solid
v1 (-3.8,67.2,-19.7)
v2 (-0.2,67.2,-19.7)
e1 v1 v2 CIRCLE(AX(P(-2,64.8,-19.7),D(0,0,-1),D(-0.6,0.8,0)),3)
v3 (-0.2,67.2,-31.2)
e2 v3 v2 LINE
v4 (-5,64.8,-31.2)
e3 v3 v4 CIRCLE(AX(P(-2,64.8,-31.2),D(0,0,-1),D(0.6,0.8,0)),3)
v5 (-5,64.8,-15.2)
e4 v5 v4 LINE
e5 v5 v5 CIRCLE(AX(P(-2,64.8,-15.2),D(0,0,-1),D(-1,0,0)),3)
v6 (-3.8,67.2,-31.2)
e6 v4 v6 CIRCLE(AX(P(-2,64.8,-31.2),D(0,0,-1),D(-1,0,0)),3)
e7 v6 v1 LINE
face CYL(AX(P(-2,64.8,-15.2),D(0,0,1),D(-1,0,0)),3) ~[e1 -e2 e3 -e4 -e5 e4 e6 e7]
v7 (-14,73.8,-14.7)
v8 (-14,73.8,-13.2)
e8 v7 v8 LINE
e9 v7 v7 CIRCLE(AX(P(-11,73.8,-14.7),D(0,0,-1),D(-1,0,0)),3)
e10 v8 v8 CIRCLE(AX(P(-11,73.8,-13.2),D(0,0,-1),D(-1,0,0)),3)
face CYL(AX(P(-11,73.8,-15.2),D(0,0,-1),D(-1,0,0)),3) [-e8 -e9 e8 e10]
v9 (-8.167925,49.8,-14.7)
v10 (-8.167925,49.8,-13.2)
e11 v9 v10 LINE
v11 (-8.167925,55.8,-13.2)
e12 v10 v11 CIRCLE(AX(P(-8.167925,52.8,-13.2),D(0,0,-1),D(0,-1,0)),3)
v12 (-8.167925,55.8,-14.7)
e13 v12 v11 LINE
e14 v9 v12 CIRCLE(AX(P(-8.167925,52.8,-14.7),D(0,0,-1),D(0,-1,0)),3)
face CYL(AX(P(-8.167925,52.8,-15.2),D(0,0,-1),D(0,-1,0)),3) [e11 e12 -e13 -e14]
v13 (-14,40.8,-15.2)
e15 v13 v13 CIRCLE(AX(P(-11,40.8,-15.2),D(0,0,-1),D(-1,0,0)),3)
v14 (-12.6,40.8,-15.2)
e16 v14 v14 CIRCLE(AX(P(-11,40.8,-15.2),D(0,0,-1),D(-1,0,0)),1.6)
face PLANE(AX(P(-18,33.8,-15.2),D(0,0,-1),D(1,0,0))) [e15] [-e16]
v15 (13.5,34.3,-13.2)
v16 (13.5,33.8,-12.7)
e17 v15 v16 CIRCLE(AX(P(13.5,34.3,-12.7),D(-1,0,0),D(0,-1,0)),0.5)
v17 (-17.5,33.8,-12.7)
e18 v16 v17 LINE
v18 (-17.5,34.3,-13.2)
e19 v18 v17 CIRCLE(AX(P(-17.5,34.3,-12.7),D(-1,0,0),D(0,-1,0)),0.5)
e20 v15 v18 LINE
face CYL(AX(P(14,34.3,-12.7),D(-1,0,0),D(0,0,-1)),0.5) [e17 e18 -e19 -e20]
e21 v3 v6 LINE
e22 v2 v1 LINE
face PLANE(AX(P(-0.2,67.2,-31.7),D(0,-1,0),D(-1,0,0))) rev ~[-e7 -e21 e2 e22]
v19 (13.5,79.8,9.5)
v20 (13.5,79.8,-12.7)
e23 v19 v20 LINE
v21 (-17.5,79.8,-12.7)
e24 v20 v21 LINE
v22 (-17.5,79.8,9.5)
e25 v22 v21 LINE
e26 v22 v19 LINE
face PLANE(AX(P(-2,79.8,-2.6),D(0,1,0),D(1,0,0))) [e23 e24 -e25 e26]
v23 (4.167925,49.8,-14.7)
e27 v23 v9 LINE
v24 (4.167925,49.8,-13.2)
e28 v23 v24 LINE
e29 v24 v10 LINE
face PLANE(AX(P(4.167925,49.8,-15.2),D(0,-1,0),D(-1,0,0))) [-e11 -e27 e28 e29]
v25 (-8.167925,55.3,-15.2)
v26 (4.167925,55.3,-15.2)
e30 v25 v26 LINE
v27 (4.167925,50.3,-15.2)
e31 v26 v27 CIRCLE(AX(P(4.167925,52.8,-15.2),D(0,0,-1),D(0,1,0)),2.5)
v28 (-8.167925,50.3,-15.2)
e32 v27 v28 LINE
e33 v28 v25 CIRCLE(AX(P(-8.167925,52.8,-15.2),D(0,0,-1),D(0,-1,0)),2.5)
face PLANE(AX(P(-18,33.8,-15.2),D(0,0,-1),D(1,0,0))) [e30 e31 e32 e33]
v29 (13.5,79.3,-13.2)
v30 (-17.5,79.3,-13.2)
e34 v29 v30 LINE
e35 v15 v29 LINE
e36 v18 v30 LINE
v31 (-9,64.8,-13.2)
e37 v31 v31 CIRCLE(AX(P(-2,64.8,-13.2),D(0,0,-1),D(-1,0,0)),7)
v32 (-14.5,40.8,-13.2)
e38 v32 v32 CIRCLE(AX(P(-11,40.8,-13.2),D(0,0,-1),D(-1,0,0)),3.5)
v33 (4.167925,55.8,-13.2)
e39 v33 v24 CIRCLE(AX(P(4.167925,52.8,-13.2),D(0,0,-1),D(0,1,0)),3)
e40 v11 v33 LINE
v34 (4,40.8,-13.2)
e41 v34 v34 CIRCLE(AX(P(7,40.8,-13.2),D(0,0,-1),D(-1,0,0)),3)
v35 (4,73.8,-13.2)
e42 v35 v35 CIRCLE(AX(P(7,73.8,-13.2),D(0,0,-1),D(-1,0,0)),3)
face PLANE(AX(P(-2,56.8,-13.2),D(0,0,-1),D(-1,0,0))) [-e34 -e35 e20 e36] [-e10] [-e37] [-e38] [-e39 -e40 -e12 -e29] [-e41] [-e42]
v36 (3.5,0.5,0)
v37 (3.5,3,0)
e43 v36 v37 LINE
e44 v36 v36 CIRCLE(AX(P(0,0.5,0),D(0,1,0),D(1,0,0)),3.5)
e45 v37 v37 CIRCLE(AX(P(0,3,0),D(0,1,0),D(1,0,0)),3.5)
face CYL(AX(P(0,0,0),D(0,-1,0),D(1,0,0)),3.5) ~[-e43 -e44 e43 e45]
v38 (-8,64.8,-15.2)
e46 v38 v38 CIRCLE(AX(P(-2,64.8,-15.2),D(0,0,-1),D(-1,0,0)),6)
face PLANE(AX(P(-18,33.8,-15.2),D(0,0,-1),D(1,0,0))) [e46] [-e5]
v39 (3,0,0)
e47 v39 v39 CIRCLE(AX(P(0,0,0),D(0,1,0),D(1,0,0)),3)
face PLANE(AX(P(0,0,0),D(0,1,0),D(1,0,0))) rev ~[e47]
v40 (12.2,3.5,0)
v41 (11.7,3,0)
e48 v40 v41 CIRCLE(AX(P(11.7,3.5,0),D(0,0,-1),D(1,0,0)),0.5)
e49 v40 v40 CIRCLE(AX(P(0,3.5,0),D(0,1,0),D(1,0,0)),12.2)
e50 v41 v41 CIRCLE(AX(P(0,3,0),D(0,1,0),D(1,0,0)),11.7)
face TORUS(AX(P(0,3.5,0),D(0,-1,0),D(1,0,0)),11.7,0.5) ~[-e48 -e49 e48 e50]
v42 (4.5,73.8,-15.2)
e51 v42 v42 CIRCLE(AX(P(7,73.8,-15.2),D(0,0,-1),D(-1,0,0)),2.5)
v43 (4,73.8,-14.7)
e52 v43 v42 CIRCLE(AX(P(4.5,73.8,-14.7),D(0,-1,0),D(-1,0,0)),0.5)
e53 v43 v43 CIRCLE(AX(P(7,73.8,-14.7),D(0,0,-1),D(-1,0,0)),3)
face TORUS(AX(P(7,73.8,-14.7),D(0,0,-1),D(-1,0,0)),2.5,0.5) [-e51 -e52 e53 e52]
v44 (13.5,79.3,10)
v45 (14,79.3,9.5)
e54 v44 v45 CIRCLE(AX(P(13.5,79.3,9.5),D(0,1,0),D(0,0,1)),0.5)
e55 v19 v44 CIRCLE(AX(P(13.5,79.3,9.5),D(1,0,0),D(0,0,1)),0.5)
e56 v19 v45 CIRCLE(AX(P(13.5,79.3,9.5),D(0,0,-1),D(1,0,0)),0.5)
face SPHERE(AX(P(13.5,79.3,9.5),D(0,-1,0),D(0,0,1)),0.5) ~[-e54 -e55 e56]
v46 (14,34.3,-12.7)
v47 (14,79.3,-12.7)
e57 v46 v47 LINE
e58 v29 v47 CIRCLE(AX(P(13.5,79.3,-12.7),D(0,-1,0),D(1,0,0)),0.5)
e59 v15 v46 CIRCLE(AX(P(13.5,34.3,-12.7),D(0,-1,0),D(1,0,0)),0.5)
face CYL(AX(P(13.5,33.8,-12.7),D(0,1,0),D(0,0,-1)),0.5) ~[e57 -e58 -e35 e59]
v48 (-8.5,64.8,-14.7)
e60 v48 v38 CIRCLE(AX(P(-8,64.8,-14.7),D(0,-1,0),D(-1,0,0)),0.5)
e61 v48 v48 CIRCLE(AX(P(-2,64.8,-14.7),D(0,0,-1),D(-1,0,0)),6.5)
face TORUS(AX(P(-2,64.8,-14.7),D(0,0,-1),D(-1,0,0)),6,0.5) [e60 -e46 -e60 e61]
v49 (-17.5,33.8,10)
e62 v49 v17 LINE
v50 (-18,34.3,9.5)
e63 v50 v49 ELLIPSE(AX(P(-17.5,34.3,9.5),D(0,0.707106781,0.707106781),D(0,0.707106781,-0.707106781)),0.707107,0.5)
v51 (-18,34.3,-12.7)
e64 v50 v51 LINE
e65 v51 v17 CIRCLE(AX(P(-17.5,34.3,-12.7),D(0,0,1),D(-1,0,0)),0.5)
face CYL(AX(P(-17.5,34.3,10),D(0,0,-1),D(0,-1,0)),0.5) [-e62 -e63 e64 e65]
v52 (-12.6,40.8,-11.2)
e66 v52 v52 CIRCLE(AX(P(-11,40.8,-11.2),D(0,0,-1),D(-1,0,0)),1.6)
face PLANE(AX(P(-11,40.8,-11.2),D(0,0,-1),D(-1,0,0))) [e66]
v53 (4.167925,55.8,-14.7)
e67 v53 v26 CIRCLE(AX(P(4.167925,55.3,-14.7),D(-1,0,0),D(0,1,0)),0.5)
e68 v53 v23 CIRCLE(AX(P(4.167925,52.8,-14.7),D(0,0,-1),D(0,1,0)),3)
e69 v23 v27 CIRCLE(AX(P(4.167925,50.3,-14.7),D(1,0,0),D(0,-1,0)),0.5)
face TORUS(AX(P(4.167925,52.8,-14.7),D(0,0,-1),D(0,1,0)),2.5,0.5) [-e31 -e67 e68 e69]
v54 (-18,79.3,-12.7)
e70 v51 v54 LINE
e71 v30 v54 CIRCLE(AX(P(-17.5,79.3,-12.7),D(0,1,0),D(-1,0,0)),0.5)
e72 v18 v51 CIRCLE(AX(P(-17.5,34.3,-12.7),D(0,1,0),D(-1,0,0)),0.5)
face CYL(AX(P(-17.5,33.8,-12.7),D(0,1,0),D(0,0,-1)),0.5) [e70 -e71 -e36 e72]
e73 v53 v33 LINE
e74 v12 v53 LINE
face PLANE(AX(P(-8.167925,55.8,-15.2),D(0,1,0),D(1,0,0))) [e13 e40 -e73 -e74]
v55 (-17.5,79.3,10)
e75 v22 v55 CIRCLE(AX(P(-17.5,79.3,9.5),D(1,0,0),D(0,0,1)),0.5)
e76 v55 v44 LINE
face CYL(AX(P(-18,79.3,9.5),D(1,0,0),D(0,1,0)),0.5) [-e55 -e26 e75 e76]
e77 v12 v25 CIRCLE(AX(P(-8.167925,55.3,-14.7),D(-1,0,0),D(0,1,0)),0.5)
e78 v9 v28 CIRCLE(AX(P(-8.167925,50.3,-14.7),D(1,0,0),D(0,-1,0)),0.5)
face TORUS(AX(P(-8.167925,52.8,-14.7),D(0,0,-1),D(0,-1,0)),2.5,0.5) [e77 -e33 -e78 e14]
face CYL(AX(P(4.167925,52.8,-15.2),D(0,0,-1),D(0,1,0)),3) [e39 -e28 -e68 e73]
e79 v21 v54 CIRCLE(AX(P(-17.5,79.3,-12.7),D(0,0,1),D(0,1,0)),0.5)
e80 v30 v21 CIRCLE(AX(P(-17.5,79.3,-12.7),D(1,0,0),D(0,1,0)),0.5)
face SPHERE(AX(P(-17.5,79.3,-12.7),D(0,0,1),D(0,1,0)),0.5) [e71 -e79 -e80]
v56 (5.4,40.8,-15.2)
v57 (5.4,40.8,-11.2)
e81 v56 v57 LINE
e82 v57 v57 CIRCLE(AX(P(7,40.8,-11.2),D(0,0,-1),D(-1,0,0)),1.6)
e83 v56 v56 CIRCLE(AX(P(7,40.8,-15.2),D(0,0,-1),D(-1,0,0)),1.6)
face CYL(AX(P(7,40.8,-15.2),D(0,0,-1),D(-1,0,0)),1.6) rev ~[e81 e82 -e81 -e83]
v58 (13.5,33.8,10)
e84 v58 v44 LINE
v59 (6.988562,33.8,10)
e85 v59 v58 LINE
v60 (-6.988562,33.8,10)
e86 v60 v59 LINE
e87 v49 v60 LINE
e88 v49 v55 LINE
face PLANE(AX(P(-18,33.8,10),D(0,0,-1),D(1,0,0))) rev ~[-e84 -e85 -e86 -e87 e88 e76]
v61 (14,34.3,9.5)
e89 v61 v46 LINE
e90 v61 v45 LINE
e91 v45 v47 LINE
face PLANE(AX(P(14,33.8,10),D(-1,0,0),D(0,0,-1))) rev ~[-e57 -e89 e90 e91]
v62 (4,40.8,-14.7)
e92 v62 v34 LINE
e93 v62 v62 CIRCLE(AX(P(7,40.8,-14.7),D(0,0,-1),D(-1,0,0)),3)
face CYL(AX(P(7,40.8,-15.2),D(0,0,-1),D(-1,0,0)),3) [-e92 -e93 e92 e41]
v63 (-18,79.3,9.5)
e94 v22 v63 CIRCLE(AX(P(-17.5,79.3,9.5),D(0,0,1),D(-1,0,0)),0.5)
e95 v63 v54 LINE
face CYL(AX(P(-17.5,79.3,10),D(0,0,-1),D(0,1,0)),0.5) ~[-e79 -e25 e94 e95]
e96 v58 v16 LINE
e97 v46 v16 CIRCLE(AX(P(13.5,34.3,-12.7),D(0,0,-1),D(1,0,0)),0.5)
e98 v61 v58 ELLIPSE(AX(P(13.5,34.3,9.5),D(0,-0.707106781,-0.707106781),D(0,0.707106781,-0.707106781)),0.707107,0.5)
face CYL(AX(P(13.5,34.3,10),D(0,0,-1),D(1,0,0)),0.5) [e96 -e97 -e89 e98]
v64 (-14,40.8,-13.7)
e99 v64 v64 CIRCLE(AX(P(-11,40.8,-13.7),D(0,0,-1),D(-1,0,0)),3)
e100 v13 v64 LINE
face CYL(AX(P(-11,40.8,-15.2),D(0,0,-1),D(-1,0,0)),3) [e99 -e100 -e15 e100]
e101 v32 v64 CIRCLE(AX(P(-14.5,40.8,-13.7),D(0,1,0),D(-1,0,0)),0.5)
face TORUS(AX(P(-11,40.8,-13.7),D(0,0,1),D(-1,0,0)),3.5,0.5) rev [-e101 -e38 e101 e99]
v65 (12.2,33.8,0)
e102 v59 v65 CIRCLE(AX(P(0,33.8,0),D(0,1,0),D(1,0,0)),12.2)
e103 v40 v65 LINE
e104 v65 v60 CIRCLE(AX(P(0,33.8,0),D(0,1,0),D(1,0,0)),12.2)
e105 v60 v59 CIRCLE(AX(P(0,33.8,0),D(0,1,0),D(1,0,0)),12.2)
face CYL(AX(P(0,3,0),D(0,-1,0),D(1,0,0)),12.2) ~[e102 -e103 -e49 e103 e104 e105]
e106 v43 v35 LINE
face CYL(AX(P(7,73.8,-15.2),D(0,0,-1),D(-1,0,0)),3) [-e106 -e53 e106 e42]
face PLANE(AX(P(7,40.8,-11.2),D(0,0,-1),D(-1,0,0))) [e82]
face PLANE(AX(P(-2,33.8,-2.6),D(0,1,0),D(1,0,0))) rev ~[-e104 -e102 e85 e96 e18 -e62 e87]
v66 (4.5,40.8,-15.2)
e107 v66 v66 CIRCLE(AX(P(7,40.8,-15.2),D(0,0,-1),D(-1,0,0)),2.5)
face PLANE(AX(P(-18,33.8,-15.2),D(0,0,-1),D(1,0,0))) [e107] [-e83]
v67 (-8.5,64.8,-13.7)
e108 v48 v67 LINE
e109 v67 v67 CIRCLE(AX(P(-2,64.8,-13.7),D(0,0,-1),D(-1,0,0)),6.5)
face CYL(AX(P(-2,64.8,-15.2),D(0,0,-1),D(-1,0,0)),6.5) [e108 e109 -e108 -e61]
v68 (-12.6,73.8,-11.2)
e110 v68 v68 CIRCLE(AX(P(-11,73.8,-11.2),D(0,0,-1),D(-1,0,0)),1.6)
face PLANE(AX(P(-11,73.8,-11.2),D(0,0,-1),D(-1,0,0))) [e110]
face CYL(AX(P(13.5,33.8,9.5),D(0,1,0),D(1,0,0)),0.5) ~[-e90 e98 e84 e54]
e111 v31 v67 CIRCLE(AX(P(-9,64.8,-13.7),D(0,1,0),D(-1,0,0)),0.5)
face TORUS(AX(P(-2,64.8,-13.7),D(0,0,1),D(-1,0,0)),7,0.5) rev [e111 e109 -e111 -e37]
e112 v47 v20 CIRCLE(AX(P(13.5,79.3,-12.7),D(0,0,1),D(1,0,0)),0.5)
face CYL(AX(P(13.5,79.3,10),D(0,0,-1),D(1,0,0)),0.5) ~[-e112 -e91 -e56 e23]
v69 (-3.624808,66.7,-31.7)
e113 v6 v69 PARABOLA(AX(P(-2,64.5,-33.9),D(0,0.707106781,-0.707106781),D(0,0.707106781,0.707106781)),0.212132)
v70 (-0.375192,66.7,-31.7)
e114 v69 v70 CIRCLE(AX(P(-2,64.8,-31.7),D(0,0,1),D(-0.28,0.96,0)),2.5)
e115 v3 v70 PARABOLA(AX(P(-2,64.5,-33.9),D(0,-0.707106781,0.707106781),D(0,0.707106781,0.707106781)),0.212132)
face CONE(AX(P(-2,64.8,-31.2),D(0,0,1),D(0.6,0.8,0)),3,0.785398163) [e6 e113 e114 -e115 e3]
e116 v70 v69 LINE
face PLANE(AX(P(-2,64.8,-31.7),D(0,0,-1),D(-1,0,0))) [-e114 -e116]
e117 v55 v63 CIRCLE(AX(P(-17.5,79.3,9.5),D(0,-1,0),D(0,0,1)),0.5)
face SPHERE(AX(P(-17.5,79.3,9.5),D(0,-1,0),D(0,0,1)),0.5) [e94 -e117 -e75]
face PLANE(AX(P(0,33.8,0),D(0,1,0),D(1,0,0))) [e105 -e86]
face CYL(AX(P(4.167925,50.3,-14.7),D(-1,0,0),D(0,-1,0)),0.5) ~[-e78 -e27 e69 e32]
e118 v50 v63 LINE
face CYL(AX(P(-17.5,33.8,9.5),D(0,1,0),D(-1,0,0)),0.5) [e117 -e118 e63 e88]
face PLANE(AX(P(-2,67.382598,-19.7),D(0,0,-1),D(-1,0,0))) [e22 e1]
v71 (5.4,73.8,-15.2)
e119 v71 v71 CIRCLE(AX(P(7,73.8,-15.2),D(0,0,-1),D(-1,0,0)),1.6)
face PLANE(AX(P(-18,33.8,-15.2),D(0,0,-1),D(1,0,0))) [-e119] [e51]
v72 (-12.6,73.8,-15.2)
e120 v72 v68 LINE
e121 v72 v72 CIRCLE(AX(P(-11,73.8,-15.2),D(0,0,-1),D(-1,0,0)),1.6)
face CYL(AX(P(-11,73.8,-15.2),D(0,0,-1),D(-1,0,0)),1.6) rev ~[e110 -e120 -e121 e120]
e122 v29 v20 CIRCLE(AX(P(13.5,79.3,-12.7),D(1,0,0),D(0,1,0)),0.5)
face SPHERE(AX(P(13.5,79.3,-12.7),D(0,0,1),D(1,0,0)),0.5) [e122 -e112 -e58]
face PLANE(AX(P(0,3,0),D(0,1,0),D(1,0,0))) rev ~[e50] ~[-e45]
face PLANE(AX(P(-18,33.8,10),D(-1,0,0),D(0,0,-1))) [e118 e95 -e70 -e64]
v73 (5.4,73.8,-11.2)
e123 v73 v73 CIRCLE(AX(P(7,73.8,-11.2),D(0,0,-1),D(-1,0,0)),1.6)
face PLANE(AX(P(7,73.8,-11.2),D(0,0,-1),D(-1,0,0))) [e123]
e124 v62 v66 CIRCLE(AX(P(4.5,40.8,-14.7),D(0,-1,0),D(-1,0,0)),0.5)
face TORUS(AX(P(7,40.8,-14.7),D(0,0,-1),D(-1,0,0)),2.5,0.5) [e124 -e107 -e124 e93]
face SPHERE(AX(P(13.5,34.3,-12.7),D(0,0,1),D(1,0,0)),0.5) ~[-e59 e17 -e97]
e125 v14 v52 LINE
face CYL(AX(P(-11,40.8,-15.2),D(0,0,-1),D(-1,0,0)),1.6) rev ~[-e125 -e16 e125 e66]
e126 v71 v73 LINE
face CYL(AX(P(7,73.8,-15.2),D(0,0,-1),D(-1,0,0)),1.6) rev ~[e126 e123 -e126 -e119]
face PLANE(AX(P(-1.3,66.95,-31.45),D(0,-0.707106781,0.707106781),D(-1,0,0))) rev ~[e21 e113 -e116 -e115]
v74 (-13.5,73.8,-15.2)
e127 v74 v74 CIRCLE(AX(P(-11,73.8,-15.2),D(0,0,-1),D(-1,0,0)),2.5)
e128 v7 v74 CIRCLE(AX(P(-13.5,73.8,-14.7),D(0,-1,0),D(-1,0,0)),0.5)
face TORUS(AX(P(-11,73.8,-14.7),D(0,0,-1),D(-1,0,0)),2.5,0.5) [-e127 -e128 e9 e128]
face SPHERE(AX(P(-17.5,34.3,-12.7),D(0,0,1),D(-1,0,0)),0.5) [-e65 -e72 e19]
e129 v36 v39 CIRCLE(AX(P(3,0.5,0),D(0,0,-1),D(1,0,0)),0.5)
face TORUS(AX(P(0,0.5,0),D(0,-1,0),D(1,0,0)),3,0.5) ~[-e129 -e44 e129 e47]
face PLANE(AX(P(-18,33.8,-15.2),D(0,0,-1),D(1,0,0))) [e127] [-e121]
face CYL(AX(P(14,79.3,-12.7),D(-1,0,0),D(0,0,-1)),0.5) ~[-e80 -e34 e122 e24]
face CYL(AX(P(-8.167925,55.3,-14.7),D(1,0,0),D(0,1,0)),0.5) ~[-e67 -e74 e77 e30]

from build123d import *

# Parameters (mm, degrees)
SKETCH_1_R          = 3.5
EXTRUDE_1_DEPTH     = 3
SKETCH_2_R          = 12.2
EXTRUDE_2_DEPTH     = 30.8
SKETCH_3_W          = 32
SKETCH_3_H          = 25.2
EXTRUDE_3_DEPTH     = 46
SKETCH_4_R          = 3
EXTRUDE_4_DEPTH     = 16.5
CUT_EXTRUDE_1_DEPTH = 12
SKETCH_6_W          = 32
SKETCH_6_H          = 46
SKETCH_6_R          = 6.5
SKETCH_6_R_2        = 3
CUT_EXTRUDE_2_DEPTH = 2
FILLET_1_R          = 0.5
CHAMFER_1_SIZE      = 0.5
CHAMFER_2_SIZE      = 0.5
SKETCH_7_R          = 1.6
CUT_EXTRUDE_3_DEPTH = 4
FILLET_2_R          = 0.5


with BuildPart() as part:
    # Эскиз1 → Бобышка-Вытянуть1 (new body)
    with BuildSketch(Plane(origin=(0, 0, 0), x_dir=(1, 0, 0), z_dir=(0, 1, 0))):
        Circle(SKETCH_1_R)
    extrude(amount=EXTRUDE_1_DEPTH)

    # Эскиз2 → Бобышка-Вытянуть2 (add)
    with BuildSketch(Plane(origin=(0, 3, 0), x_dir=(1, 0, 0), z_dir=(0, 1, 0))):
        Circle(SKETCH_2_R)
    extrude(amount=EXTRUDE_2_DEPTH)

    # Эскиз3 → Бобышка-Вытянуть3 (add)
    with BuildSketch(Plane(origin=(0, 33.8, 0), x_dir=(1, 0, 0), z_dir=(0, 1, 0))):
        with Locations((-2, 2.6)):
            Rectangle(SKETCH_3_W, SKETCH_3_H)
    extrude(amount=EXTRUDE_3_DEPTH)

    # Эскиз4 → Бобышка-Вытянуть4 (add)
    with BuildSketch(Plane(origin=(0, 0, -15.2), x_dir=(-1, 0, 0), z_dir=(0, 0, -1))):
        with Locations((2, 64.8)):
            Circle(SKETCH_4_R)
    extrude(amount=EXTRUDE_4_DEPTH)

    # Эскиз5 → Вырез-Вытянуть1 (cut)
    with BuildSketch(Plane(origin=(0, 0, -31.7), x_dir=(-1, 0, 0), z_dir=(0, 0, -1))):
        with BuildLine():
            Line((0.2, 67.2), (3.8, 67.2))
            ThreePointArc((3.8, 67.2), (2, 67.8), (0.2, 67.2))
        make_face()
    extrude(amount=-CUT_EXTRUDE_1_DEPTH, mode=Mode.SUBTRACT)

    # Эскиз6 → Вырез-Вытянуть2 (cut)
    with BuildSketch(Plane(origin=(0, 0, -15.2), x_dir=(-1, 0, 0), z_dir=(0, 0, -1))):
        with Locations((2, 56.8)):
            Rectangle(SKETCH_6_W, SKETCH_6_H)
        with Locations((2, 64.8)):
            Circle(SKETCH_6_R, mode=Mode.SUBTRACT)
        with Locations((11, 40.8)):
            Circle(SKETCH_6_R_2, mode=Mode.SUBTRACT)
        with Locations((-7, 40.8)):
            Circle(SKETCH_6_R_2, mode=Mode.SUBTRACT)
        with Locations((-7, 73.8)):
            Circle(SKETCH_6_R_2, mode=Mode.SUBTRACT)
        with Locations((11, 73.8)):
            Circle(SKETCH_6_R_2, mode=Mode.SUBTRACT)
        with BuildLine():
            ThreePointArc((8.167925211, 49.8), (11.167925211, 52.8), (8.167925211, 55.8))
            Line((8.167925211, 55.8), (-4.167925211, 55.8))
            ThreePointArc((-4.167925211, 55.8), (-7.167925211, 52.8), (-4.167925211, 49.8))
            Line((-4.167925211, 49.8), (8.167925211, 49.8))
        make_face(mode=Mode.SUBTRACT)
    extrude(amount=-CUT_EXTRUDE_2_DEPTH, mode=Mode.SUBTRACT)

    # Скругление1
    fillet_1_edges = [part.edges().sort_by_distance(p)[0] for p in [
        (-11.167925211, 52.8, -15.2),
        (7.167925211, 52.8, -15.2),
        (-8, 73.8, -15.2),
        (10, 73.8, -15.2),
        (10, 40.8, -15.2),
        (4.5, 64.8, -15.2),
        (-2, 49.8, -15.2),
        (4.5, 64.8, -13.2),
        (-8, 40.8, -13.2),
        (-2, 55.8, -15.2),
    ]]
    fillet(fillet_1_edges, radius=FILLET_1_R)

    # Фаска1
    chamfer_1_edges = [part.edges().sort_by_distance(p)[0] for p in [
        (-0.658359214, 62.116718427, -31.7),
    ]]
    chamfer(chamfer_1_edges, length=CHAMFER_1_SIZE)

    # Фаска2
    chamfer_2_edges = [part.edges().sort_by_distance(p)[0] for p in [
        (-2, 67.2, -31.7),
    ]]
    chamfer(chamfer_2_edges, length=CHAMFER_2_SIZE)

    # Эскиз7 → Вырез-Вытянуть3 (cut)
    with BuildSketch(Plane(origin=(0, 0, -15.2), x_dir=(-1, 0, 0), z_dir=(0, 0, -1))):
        with Locations((11, 73.8)):
            Circle(SKETCH_7_R)
        with Locations((-7, 73.8)):
            Circle(SKETCH_7_R)
        with Locations((-7, 40.8)):
            Circle(SKETCH_7_R)
        with Locations((11, 40.8)):
            Circle(SKETCH_7_R)
    extrude(amount=-CUT_EXTRUDE_3_DEPTH, mode=Mode.SUBTRACT)

    # Скругление2
    fillet_2_edges = [part.edges().sort_by_distance(p)[0] for p in [
        (-18, 56.8, 10),
        (14, 33.8, -1.6),
        (14, 56.8, 10),
        (-2, 79.8, 10),
        (14, 79.8, -1.6),
        (-3.5, 0, 0),
        (-18, 79.8, -1.6),
        (-18, 33.8, -1.6),
        (14, 56.8, -13.2),
        (-2, 79.8, -13.2),
        (-18, 56.8, -13.2),
        (-2, 33.8, -13.2),
        (-12.2, 3, 0),
    ]]
    fillet(fillet_2_edges, radius=FILLET_2_R)


solid = part.part
